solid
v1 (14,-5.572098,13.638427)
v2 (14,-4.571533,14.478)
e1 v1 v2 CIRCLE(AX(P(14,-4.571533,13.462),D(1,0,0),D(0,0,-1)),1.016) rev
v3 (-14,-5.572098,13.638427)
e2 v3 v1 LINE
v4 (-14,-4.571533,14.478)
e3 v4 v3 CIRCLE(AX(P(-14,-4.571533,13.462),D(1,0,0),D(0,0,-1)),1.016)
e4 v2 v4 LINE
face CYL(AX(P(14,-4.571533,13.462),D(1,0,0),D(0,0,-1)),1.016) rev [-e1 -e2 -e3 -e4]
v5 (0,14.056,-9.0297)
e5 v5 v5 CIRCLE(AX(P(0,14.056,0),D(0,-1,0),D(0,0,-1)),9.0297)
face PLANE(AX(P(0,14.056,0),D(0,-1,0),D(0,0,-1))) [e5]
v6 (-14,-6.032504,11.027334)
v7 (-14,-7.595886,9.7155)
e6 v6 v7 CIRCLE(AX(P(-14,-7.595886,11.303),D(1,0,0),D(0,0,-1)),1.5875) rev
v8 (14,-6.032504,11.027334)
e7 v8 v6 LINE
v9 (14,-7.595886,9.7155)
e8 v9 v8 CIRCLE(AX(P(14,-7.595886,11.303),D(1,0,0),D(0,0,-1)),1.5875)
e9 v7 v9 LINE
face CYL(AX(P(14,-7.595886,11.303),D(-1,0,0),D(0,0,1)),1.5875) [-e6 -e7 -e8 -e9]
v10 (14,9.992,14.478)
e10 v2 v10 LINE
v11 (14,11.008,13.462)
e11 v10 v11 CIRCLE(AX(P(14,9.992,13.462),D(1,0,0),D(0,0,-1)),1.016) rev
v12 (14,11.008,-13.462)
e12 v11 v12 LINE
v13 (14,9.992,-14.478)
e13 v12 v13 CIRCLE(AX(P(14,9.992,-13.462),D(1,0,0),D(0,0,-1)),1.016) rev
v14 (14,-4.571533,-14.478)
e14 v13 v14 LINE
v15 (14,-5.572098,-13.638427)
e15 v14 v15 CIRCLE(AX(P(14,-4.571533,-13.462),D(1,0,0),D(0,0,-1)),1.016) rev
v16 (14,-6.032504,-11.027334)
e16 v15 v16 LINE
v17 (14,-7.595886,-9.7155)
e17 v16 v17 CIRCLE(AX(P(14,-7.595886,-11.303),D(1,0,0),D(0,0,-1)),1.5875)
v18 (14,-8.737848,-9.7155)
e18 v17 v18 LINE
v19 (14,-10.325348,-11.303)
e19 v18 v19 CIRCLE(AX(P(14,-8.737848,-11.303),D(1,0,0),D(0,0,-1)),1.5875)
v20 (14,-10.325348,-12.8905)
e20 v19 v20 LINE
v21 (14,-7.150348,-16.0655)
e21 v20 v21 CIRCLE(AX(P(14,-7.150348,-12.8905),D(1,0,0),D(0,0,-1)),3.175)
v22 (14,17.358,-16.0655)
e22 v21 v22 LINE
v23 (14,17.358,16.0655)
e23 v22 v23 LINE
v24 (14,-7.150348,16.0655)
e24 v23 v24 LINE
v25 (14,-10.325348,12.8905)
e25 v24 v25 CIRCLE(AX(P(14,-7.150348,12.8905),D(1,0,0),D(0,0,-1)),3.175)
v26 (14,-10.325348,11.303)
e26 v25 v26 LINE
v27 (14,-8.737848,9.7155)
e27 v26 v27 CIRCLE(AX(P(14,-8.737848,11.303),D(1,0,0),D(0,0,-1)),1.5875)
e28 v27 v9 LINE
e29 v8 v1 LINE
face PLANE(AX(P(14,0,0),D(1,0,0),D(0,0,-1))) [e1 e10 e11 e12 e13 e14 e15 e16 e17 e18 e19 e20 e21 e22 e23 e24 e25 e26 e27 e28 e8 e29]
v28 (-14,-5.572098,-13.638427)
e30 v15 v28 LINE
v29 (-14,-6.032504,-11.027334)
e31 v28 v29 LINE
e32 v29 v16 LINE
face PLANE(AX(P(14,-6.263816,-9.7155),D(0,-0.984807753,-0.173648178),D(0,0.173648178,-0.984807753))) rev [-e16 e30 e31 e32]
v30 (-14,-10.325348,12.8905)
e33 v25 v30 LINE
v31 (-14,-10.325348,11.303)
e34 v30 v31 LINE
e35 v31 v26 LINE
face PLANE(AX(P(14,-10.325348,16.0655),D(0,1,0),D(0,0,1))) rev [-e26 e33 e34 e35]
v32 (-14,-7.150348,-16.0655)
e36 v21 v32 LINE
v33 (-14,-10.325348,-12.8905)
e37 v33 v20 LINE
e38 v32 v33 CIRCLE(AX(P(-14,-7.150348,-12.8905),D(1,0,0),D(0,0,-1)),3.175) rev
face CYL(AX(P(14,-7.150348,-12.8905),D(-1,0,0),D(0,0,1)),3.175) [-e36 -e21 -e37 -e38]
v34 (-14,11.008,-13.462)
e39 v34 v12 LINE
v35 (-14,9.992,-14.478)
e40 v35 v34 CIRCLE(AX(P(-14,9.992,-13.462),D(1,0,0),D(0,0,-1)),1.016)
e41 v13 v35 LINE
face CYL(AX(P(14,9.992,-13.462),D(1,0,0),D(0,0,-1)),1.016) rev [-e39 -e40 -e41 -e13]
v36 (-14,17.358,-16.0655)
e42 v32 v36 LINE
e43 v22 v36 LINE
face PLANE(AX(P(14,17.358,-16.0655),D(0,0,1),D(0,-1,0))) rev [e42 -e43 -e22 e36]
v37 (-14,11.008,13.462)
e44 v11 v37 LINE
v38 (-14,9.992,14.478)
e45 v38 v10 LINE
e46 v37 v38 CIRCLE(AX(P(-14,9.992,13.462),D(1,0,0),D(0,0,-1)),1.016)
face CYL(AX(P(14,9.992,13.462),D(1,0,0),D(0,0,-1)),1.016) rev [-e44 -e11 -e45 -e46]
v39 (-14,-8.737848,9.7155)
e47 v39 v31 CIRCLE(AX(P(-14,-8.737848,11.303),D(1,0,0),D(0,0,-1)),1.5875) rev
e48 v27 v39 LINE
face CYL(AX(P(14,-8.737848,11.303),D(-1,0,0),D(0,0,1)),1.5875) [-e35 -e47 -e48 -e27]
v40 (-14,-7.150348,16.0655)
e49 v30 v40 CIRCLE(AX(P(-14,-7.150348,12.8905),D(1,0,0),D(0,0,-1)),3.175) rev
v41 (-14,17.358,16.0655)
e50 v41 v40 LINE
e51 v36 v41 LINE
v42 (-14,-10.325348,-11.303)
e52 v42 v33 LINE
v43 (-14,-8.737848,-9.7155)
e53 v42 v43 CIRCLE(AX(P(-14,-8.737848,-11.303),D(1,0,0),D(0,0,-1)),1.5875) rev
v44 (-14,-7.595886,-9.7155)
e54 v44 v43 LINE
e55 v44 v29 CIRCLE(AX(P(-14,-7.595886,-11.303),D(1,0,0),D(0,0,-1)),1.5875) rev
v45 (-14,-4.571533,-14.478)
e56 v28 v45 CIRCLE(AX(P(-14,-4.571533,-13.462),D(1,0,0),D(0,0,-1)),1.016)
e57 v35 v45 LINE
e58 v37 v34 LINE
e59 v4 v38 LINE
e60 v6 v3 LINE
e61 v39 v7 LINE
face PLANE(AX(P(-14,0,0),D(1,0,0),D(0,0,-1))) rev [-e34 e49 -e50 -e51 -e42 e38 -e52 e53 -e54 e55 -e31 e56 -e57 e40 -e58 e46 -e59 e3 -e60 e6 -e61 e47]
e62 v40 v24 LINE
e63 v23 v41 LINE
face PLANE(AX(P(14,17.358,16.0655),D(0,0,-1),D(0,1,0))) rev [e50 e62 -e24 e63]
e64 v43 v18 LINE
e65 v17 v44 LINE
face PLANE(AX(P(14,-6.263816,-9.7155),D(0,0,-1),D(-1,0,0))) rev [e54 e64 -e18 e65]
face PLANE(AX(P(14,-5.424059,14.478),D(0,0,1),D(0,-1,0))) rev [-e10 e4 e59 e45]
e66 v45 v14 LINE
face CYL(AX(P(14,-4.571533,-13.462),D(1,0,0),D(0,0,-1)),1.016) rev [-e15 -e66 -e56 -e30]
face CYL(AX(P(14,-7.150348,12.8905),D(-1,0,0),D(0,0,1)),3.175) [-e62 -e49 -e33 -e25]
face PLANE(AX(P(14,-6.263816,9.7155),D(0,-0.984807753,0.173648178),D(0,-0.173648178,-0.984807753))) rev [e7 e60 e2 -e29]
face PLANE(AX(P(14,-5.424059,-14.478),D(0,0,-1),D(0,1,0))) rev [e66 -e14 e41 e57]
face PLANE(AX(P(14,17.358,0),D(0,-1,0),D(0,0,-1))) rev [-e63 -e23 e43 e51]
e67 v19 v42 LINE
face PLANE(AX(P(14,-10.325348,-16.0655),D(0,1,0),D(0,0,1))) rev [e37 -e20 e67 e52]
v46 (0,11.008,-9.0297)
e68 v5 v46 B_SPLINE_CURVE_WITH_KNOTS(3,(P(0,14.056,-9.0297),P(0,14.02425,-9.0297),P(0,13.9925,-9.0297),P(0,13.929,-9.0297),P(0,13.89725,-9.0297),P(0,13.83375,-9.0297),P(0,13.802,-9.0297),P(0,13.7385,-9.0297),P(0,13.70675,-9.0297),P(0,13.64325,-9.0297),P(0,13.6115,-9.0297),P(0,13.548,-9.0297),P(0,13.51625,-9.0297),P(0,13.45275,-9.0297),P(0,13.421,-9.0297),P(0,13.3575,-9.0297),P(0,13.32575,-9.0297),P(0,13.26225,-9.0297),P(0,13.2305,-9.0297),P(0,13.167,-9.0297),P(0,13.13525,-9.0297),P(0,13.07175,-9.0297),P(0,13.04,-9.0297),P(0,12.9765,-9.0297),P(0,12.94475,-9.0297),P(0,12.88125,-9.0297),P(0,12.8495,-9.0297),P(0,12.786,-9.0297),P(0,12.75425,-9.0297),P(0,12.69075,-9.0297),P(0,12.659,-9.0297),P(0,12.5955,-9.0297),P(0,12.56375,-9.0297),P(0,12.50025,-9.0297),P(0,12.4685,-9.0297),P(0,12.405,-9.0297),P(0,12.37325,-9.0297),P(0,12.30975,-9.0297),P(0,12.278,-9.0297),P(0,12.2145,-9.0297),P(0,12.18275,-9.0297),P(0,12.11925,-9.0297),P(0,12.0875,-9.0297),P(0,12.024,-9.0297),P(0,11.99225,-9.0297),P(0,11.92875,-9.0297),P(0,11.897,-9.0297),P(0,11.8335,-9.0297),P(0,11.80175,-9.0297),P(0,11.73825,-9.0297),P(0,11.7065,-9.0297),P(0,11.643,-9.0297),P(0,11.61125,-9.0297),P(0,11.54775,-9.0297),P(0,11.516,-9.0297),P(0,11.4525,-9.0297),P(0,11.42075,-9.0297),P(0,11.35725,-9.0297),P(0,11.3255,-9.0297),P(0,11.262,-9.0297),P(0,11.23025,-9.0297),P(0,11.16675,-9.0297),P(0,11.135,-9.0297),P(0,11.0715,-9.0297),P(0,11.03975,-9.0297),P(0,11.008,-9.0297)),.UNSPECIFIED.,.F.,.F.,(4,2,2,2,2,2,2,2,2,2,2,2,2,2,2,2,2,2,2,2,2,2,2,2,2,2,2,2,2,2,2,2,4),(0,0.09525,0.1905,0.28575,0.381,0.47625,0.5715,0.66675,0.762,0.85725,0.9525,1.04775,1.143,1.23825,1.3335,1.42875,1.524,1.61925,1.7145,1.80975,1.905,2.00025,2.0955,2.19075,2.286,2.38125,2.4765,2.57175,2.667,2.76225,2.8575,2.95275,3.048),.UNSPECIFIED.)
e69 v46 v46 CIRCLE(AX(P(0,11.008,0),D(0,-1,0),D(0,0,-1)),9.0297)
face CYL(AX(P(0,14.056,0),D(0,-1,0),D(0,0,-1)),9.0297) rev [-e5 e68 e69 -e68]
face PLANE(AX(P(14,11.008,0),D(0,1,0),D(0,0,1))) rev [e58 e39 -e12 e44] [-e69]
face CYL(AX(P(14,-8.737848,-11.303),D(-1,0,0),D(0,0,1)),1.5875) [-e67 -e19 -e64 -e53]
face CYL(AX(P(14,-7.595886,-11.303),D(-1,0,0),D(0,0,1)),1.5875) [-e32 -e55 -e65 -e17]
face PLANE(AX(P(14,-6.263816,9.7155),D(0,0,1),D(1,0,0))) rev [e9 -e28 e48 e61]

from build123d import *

# Parameters (mm, degrees)
BOSS_EXTRUDE1_DEPTH      = 14
BOSS_EXTRUDE1_DEPTH_BACK = 14
FILLET2_R                = 3.175
FILLET3_R                = 1.016
FILLET4_R                = 1.5875
SKETCH3_R                = 9.0297
CUT_EXTRUDE1_DEPTH       = 3.048


with BuildPart() as part:
    # Sketch1 → Boss-Extrude1 (new, two sides: drawn at the far end of the back side and taken through both)
    with BuildSketch(Plane(origin=(0, 0, 0), x_dir=(0, 0, -1), z_dir=(1, 0, 0)).offset(-BOSS_EXTRUDE1_DEPTH_BACK)):
        Polygon((-16.0655, -10.325348422), (-9.7155, -10.325348422), (-9.7155, -6.263815771), (-14.478, -5.424058525), (-14.478, 11.008), (0, 11.008), (14.478, 11.008), (14.478, -5.424058525), (9.7155, -6.263815771), (9.7155, -10.325348422), (16.0655, -10.325348422), (16.0655, 17.358), (0, 17.358), (-16.0655, 17.358), align=None)
    extrude(amount=BOSS_EXTRUDE1_DEPTH + BOSS_EXTRUDE1_DEPTH_BACK)

    # Fillet2
    fillet2_edges = [part.edges().sort_by_distance(p)[0] for p in [
        (0, -10.325348422, 16.0655),
        (0, -10.325348422, -16.0655),
    ]]
    fillet(fillet2_edges, radius=FILLET2_R)

    # Fillet3
    fillet3_edges = [part.edges().sort_by_distance(p)[0] for p in [
        (0, -5.424058525, -14.478),
        (0, 11.008, -14.478),
        (0, 11.008, 14.478),
        (0, -5.424058525, 14.478),
    ]]
    fillet(fillet3_edges, radius=FILLET3_R)

    # Fillet4
    fillet4_edges = [part.edges().sort_by_distance(p)[0] for p in [
        (0, -6.263815771, 9.7155),
        (0, -10.325348422, 9.7155),
        (0, -10.325348422, -9.7155),
        (0, -6.263815771, -9.7155),
    ]]
    fillet(fillet4_edges, radius=FILLET4_R)

    # Sketch3 → Cut-Extrude1 (cut)
    with BuildSketch(Plane(origin=(0, 11.008, 0), x_dir=(-1, 0, 0), z_dir=(0, -1, 0))):
        with Locations(Location((0, 0, 0), (0, 0, 90))):
            Circle(SKETCH3_R)
    extrude(amount=-CUT_EXTRUDE1_DEPTH, mode=Mode.SUBTRACT)


solid = part.part
